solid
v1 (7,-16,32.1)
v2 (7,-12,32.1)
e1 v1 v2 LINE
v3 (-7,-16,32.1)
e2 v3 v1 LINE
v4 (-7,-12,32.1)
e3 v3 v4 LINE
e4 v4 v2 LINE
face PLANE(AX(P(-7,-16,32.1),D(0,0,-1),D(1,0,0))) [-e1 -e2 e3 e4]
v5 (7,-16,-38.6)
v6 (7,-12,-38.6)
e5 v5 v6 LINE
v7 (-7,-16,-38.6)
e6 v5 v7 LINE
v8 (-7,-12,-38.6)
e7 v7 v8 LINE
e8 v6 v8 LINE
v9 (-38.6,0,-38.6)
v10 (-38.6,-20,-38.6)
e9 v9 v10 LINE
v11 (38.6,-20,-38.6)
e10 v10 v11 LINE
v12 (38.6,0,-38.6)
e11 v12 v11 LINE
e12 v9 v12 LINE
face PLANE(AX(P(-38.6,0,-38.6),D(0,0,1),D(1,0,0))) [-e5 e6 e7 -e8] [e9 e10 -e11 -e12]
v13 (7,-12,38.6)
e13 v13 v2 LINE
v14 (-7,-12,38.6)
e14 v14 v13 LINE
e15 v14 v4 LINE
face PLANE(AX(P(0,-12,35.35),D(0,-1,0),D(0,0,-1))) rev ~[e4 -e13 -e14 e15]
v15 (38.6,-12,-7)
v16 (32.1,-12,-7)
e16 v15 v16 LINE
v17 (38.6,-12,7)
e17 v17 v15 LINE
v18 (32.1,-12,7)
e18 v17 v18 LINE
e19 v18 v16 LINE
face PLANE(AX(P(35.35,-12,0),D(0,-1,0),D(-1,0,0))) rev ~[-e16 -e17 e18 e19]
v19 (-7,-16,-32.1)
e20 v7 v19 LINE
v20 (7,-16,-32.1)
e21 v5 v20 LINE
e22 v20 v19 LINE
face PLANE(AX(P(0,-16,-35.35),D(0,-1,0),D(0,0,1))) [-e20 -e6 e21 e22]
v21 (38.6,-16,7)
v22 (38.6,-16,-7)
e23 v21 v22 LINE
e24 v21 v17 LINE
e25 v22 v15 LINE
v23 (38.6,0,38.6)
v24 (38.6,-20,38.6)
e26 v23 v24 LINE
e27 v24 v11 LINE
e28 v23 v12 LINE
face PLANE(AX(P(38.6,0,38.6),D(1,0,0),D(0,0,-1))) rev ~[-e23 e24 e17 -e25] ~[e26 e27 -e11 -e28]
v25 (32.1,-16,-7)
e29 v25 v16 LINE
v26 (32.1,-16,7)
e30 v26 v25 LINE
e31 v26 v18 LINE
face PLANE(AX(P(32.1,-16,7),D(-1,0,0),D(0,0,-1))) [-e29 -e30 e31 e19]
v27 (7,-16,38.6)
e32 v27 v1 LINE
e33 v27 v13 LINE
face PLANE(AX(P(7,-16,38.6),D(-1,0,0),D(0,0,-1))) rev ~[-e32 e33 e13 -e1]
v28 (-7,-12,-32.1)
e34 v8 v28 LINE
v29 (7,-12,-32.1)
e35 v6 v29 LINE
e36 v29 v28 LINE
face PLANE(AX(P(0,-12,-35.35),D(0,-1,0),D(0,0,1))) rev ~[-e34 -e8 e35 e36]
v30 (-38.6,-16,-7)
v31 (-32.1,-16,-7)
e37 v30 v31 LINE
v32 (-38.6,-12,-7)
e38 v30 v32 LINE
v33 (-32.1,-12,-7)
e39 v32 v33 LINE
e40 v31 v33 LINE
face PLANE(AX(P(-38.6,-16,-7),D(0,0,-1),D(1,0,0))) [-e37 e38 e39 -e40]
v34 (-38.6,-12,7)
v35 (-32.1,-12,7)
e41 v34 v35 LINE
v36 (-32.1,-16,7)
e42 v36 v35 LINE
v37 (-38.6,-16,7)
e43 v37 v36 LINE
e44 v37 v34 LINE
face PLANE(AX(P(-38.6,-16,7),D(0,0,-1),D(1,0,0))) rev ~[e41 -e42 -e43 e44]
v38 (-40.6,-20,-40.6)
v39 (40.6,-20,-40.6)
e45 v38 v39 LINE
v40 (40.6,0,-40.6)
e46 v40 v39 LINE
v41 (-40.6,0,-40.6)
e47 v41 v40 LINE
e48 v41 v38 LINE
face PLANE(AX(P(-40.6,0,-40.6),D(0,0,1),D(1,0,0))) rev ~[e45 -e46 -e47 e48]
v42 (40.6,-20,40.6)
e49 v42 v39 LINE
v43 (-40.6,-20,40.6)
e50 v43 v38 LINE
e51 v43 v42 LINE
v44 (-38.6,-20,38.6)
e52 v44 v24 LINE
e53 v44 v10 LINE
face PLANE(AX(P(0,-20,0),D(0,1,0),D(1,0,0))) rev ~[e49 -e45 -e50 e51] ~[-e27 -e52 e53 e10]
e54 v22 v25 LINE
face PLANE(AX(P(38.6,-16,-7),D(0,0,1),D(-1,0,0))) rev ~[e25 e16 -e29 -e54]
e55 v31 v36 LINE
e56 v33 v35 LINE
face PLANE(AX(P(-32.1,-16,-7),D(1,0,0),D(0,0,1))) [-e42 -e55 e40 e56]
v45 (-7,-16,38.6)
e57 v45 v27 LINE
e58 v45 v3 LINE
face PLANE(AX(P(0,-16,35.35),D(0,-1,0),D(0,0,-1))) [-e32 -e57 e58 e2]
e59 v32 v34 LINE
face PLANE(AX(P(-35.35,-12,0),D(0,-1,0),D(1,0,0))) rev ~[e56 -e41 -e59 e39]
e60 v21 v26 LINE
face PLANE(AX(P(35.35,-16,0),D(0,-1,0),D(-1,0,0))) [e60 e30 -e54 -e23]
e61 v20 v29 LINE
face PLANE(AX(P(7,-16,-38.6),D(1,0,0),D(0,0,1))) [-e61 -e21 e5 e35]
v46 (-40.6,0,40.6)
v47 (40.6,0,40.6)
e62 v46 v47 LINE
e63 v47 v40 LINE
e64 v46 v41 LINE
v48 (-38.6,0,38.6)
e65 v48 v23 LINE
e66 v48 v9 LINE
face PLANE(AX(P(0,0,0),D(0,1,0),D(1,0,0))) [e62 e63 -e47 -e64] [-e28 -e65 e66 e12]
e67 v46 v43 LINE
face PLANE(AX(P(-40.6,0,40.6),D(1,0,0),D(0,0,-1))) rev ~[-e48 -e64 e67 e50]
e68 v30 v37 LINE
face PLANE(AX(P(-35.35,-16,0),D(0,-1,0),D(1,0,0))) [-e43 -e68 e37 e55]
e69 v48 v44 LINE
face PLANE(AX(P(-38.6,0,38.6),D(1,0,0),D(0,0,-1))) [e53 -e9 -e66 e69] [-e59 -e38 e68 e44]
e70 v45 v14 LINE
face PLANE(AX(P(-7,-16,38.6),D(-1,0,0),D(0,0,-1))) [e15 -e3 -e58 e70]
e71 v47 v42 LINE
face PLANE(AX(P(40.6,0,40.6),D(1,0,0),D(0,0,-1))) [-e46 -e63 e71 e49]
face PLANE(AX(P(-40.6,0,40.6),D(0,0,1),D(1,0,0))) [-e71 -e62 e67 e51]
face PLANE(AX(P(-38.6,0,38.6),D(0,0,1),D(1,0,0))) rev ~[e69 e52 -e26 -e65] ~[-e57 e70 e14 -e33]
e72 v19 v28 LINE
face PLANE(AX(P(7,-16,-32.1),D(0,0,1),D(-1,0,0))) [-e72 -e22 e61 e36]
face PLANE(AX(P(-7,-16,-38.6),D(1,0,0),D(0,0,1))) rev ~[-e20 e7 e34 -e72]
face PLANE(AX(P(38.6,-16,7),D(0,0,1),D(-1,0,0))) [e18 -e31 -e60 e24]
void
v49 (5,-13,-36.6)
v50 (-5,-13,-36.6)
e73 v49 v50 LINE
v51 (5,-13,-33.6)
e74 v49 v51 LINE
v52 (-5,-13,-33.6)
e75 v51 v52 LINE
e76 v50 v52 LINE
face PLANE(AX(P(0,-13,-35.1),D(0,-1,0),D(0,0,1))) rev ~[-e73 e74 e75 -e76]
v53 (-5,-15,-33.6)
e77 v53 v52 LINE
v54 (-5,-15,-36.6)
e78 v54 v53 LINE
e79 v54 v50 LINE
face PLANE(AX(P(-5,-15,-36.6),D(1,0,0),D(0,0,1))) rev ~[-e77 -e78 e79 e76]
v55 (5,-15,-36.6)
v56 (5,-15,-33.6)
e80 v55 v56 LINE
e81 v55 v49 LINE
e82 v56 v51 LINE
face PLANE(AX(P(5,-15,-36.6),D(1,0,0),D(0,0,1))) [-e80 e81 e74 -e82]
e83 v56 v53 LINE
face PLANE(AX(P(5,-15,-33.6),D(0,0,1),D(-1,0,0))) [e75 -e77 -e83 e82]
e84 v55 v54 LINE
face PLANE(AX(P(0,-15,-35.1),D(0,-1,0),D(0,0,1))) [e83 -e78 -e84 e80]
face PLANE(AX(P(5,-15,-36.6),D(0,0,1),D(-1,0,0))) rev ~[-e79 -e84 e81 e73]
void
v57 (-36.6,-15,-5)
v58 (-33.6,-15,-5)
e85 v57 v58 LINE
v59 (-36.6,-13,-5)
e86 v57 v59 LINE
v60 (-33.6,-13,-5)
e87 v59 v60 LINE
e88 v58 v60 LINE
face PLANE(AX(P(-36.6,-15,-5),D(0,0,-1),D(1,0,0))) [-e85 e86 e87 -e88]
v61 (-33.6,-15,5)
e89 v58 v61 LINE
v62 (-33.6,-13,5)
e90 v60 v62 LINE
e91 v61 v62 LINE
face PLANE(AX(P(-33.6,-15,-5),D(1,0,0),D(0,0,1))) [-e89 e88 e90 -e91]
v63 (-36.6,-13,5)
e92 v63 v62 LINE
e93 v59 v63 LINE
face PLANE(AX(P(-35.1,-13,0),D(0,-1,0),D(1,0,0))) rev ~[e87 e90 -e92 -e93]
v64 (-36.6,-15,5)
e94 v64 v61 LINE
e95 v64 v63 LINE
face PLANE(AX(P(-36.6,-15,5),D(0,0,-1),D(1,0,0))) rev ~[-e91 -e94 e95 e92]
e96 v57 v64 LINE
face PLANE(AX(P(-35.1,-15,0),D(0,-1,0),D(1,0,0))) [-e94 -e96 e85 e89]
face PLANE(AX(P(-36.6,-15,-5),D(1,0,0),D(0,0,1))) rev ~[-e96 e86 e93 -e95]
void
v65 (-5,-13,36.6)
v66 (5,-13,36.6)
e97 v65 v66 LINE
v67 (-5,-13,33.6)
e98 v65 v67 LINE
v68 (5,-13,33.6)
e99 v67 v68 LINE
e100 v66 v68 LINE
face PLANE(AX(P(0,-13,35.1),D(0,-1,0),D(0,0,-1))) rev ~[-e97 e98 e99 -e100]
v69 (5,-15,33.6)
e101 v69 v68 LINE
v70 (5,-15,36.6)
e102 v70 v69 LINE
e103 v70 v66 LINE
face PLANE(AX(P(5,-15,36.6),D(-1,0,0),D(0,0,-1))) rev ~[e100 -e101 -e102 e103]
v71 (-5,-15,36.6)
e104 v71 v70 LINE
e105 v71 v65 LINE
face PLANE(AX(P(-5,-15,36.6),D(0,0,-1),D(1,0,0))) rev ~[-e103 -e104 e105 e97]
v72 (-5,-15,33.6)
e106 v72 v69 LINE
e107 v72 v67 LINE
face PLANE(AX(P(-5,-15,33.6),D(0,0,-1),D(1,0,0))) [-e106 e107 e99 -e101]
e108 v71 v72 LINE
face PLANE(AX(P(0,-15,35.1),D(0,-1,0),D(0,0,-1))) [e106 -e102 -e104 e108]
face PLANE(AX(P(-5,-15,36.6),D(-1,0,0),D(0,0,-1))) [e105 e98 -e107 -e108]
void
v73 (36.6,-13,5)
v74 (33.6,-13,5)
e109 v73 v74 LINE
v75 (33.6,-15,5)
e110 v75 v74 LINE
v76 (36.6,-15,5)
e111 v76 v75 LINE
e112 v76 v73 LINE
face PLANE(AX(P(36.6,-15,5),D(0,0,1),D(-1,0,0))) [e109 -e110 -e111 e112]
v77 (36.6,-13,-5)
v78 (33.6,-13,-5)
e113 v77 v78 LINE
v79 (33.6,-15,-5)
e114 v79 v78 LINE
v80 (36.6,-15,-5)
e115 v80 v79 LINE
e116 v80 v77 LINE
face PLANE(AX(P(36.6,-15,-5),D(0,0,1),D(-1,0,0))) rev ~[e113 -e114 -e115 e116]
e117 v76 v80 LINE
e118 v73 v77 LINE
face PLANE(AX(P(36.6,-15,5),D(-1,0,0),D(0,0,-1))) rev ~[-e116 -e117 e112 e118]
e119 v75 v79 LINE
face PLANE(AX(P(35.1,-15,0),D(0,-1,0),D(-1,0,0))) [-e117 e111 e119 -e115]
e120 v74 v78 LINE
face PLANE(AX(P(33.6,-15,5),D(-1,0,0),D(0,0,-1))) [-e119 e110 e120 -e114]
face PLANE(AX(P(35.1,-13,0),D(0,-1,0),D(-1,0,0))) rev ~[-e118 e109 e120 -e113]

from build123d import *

# Parameters (mm, degrees)
SKETCH4_W           = 81.2
SKETCH4_H           = 81.2
SKETCH4_W_2         = 77.2
SKETCH4_H_2         = 77.2
BOSS_EXTRUDE1_DEPTH = 20
BOSS_EXTRUDE2_START = -4
SKETCH5_W           = 6.5
SKETCH5_H           = 14
BOSS_EXTRUDE2_DEPTH = 4
CUT_EXTRUDE2_START  = -5
SKETCH5_3_W         = 3
SKETCH5_3_H         = 10
CUT_EXTRUDE2_DEPTH  = 2
CIRPATTERN2_COUNT   = 4


with BuildPart() as part:
    # Sketch4 → Boss-Extrude1 (new body)
    with BuildSketch(Plane(origin=(0, 0, 0), x_dir=(1, 0, 0), z_dir=(0, 1, 0))):
        Rectangle(SKETCH4_W, SKETCH4_H)
        Rectangle(SKETCH4_W_2, SKETCH4_H_2, mode=Mode.SUBTRACT)
    extrude(amount=-BOSS_EXTRUDE1_DEPTH)

    # Sketch5 → Boss-Extrude2 (add)
    with BuildSketch(Plane.XZ.offset(20).offset(BOSS_EXTRUDE2_START)):
        with Locations((-35.35, 0)):
            Rectangle(SKETCH5_W, SKETCH5_H)
    boss_extrude2 = extrude(amount=-BOSS_EXTRUDE2_DEPTH)

    # Sketch5<3> → Cut-Extrude2 (cut)
    with BuildSketch(Plane.XZ.offset(20).offset(CUT_EXTRUDE2_START)):
        with Locations((-35.1, 0)):
            Rectangle(SKETCH5_3_W, SKETCH5_3_H)
    cut_extrude2 = extrude(amount=-CUT_EXTRUDE2_DEPTH, mode=Mode.SUBTRACT)

    # CirPattern2: Boss-Extrude2, Cut-Extrude2 ×4 about axis
    cirpattern2_axis = Axis((0, 0, 0), (0, -1, 0))
    add([boss_extrude2.rotate(cirpattern2_axis, i * 360 / CIRPATTERN2_COUNT) for i in range(1, CIRPATTERN2_COUNT)])
    add([cut_extrude2.rotate(cirpattern2_axis, i * 360 / CIRPATTERN2_COUNT) for i in range(1, CIRPATTERN2_COUNT)], mode=Mode.SUBTRACT)


solid = part.part
